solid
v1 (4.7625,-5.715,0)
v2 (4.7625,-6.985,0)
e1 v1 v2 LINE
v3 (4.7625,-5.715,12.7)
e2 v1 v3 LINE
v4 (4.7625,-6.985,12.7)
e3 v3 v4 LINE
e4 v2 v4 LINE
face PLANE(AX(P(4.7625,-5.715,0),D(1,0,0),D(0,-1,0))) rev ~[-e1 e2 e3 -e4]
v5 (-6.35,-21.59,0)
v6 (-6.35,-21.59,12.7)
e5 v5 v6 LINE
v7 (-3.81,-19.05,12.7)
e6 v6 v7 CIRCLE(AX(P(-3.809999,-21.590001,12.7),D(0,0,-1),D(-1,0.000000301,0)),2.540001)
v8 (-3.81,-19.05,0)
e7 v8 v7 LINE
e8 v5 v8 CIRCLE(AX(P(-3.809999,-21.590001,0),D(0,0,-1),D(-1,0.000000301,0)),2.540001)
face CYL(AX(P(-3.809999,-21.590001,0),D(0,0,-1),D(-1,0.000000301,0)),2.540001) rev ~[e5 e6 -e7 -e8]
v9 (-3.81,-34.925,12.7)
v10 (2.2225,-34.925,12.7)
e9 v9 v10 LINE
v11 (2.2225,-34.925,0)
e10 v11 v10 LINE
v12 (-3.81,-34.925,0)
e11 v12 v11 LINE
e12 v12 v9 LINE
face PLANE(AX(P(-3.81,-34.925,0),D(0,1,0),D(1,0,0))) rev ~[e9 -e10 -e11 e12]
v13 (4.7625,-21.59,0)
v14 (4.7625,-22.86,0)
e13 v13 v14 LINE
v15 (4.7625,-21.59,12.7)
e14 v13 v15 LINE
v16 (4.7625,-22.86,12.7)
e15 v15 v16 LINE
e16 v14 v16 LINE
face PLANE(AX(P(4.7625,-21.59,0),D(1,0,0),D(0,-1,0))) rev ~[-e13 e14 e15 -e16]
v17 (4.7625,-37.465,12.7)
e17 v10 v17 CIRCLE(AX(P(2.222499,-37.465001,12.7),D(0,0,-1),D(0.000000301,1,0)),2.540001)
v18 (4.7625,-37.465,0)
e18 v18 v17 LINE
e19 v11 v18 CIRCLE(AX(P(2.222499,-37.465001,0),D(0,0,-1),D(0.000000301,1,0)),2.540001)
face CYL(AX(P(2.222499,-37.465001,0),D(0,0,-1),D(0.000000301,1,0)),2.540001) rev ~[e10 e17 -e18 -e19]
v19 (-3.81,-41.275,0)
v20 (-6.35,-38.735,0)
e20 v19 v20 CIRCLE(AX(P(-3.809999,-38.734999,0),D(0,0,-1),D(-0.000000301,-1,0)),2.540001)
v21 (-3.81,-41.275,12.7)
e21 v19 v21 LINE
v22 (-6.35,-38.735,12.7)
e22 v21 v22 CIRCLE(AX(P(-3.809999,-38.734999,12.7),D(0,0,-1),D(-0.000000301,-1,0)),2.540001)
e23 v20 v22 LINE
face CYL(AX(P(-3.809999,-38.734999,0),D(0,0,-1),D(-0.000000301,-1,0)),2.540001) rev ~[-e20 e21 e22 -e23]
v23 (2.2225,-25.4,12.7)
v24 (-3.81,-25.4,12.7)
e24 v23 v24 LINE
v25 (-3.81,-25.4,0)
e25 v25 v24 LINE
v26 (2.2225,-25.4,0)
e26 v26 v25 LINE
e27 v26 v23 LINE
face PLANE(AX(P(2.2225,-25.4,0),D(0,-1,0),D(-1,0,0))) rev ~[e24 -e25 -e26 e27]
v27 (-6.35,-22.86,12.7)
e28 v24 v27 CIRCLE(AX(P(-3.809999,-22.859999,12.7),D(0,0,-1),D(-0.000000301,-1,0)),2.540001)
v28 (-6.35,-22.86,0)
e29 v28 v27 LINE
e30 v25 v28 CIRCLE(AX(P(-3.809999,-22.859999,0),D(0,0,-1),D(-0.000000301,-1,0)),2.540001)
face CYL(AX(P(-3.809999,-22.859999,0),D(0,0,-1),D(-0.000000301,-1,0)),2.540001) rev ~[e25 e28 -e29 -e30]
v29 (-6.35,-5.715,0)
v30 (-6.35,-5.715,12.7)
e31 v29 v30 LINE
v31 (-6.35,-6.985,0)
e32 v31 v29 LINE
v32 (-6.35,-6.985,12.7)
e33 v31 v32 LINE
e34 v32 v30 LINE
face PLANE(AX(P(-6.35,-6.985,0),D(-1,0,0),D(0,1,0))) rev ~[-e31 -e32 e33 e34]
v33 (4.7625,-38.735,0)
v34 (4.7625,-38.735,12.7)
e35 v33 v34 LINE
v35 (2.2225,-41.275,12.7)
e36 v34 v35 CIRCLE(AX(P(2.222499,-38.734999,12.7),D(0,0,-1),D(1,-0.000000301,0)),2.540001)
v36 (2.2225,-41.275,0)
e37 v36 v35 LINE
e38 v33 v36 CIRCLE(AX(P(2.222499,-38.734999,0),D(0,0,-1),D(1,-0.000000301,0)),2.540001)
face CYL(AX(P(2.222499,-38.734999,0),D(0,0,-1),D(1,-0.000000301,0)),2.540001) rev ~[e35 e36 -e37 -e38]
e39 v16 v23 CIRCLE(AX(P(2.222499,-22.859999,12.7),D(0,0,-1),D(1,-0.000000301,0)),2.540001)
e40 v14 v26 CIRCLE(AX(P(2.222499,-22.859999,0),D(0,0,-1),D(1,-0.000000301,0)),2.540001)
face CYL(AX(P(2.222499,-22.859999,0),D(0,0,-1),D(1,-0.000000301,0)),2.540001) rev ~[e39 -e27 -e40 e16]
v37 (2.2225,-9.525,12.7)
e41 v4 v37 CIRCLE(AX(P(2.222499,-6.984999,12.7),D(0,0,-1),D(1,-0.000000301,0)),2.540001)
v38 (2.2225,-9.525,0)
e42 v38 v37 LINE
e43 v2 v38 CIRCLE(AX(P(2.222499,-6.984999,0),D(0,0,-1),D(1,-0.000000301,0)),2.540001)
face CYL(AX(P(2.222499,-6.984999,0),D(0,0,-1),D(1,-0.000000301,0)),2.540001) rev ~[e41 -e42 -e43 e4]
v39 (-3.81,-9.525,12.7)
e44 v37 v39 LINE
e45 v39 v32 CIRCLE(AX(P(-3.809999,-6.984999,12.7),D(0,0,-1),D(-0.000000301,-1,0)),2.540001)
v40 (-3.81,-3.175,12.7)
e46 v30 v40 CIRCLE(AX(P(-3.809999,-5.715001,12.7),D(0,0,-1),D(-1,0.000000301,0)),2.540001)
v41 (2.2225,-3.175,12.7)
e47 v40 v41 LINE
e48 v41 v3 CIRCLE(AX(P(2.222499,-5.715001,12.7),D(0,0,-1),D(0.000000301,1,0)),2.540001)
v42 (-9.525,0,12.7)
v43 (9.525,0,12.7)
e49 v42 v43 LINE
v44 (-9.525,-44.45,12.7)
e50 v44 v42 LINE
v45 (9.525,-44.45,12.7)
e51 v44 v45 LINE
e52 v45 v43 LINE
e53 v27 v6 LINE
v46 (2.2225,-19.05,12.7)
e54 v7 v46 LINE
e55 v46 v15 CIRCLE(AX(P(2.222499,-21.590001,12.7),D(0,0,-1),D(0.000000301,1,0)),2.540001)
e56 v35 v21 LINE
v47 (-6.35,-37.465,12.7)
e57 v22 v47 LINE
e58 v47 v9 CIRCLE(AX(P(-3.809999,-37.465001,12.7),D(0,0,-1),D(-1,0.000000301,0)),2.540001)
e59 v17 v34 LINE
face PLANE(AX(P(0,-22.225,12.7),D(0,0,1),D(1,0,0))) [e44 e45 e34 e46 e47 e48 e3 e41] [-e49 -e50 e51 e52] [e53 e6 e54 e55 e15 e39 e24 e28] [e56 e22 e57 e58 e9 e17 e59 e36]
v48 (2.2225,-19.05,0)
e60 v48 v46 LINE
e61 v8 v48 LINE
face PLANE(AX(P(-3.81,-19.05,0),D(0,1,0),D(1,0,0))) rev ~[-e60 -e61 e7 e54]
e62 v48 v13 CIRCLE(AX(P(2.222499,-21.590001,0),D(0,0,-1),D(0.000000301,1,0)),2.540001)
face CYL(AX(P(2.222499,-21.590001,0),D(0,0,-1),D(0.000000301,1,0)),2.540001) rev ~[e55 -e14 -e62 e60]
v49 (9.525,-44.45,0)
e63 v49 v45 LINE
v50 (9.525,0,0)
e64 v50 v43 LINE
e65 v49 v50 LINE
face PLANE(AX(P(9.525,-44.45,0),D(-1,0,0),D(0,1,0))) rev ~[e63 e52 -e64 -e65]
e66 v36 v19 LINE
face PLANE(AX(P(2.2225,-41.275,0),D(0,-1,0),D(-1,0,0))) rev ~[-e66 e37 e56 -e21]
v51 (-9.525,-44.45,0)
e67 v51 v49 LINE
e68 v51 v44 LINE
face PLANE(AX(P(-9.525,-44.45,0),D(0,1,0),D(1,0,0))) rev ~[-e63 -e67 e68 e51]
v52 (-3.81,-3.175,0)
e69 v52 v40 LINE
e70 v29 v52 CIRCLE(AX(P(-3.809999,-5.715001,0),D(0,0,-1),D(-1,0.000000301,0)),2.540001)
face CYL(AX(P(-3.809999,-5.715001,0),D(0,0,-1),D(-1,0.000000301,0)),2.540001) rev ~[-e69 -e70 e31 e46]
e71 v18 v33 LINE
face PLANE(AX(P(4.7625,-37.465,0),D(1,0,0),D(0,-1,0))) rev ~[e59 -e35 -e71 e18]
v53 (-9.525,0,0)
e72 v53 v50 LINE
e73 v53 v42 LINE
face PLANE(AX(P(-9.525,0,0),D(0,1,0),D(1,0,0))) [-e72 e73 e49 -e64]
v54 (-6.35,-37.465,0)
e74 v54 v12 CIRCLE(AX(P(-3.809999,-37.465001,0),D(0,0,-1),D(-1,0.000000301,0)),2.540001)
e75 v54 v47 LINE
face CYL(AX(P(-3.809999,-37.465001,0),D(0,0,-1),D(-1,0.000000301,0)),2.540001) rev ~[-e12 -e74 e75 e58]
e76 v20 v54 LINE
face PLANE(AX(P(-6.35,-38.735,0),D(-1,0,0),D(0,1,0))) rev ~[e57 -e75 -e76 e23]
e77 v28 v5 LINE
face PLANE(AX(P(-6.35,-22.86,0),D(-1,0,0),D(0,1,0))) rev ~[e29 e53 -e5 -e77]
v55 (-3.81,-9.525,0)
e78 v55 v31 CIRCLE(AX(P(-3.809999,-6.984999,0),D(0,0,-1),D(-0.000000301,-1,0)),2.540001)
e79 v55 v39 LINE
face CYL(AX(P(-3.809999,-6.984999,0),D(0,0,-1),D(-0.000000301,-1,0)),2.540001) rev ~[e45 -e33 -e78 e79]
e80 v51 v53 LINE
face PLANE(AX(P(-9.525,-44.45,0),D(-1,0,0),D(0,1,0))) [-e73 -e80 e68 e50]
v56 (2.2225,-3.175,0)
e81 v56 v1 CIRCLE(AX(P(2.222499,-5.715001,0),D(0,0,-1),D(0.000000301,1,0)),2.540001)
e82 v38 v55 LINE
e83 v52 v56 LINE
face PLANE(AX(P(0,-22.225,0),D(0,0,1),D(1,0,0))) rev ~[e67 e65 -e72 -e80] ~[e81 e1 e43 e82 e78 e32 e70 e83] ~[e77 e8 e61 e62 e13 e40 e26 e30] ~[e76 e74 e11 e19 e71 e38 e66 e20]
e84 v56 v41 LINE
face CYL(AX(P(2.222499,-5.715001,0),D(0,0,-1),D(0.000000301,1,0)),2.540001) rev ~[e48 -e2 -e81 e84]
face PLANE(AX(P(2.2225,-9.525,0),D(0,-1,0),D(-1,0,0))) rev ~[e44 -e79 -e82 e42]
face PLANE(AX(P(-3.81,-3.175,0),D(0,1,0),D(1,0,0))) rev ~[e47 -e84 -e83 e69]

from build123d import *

# Parameters (mm, degrees)
F0_W     = 19.05
F0_H     = 44.45
F1_DEPTH = 12.7


with BuildPart() as f1:
    # F0 (on Top) → F1 (new body)
    with BuildSketch(Plane.XY):
        with Locations((0, -22.225)):
            Rectangle(F0_W, F0_H)
        with BuildLine():
            ThreePointArc((-6.35, -37.465), (-5.606051, -35.668949), (-3.81, -34.925))
            Line((-3.81, -34.925), (2.2225, -34.925))
            ThreePointArc((2.2225, -34.925), (4.018551, -35.668949), (4.7625, -37.465))
            Line((4.7625, -37.465), (4.7625, -38.735))
            ThreePointArc((4.7625, -38.735), (4.018551, -40.531051), (2.2225, -41.275))
            Line((2.2225, -41.275), (-3.81, -41.275))
            ThreePointArc((-3.81, -41.275), (-5.606051, -40.531051), (-6.35, -38.735))
            Line((-6.35, -38.735), (-6.35, -37.465))
        make_face(mode=Mode.SUBTRACT)
        with BuildLine():
            ThreePointArc((-6.35, -21.59), (-5.606051, -19.793949), (-3.81, -19.05))
            Line((-3.81, -19.05), (2.2225, -19.05))
            ThreePointArc((2.2225, -19.05), (4.018551, -19.793949), (4.7625, -21.59))
            Line((4.7625, -21.59), (4.7625, -22.86))
            ThreePointArc((4.7625, -22.86), (4.018551, -24.656051), (2.2225, -25.4))
            Line((2.2225, -25.4), (-3.81, -25.4))
            ThreePointArc((-3.81, -25.4), (-5.606051, -24.656051), (-6.35, -22.86))
            Line((-6.35, -22.86), (-6.35, -21.59))
        make_face(mode=Mode.SUBTRACT)
        with BuildLine():
            ThreePointArc((-6.35, -5.715), (-5.606051, -3.918949), (-3.81, -3.175))
            Line((-3.81, -3.175), (2.2225, -3.175))
            ThreePointArc((2.2225, -3.175), (4.018551, -3.918949), (4.7625, -5.715))
            Line((4.7625, -5.715), (4.7625, -6.985))
            ThreePointArc((4.7625, -6.985), (4.018551, -8.781051), (2.2225, -9.525))
            Line((2.2225, -9.525), (-3.81, -9.525))
            ThreePointArc((-3.81, -9.525), (-5.606051, -8.781051), (-6.35, -6.985))
            Line((-6.35, -6.985), (-6.35, -5.715))
        make_face(mode=Mode.SUBTRACT)
    extrude(amount=F1_DEPTH)


solid = f1.part
